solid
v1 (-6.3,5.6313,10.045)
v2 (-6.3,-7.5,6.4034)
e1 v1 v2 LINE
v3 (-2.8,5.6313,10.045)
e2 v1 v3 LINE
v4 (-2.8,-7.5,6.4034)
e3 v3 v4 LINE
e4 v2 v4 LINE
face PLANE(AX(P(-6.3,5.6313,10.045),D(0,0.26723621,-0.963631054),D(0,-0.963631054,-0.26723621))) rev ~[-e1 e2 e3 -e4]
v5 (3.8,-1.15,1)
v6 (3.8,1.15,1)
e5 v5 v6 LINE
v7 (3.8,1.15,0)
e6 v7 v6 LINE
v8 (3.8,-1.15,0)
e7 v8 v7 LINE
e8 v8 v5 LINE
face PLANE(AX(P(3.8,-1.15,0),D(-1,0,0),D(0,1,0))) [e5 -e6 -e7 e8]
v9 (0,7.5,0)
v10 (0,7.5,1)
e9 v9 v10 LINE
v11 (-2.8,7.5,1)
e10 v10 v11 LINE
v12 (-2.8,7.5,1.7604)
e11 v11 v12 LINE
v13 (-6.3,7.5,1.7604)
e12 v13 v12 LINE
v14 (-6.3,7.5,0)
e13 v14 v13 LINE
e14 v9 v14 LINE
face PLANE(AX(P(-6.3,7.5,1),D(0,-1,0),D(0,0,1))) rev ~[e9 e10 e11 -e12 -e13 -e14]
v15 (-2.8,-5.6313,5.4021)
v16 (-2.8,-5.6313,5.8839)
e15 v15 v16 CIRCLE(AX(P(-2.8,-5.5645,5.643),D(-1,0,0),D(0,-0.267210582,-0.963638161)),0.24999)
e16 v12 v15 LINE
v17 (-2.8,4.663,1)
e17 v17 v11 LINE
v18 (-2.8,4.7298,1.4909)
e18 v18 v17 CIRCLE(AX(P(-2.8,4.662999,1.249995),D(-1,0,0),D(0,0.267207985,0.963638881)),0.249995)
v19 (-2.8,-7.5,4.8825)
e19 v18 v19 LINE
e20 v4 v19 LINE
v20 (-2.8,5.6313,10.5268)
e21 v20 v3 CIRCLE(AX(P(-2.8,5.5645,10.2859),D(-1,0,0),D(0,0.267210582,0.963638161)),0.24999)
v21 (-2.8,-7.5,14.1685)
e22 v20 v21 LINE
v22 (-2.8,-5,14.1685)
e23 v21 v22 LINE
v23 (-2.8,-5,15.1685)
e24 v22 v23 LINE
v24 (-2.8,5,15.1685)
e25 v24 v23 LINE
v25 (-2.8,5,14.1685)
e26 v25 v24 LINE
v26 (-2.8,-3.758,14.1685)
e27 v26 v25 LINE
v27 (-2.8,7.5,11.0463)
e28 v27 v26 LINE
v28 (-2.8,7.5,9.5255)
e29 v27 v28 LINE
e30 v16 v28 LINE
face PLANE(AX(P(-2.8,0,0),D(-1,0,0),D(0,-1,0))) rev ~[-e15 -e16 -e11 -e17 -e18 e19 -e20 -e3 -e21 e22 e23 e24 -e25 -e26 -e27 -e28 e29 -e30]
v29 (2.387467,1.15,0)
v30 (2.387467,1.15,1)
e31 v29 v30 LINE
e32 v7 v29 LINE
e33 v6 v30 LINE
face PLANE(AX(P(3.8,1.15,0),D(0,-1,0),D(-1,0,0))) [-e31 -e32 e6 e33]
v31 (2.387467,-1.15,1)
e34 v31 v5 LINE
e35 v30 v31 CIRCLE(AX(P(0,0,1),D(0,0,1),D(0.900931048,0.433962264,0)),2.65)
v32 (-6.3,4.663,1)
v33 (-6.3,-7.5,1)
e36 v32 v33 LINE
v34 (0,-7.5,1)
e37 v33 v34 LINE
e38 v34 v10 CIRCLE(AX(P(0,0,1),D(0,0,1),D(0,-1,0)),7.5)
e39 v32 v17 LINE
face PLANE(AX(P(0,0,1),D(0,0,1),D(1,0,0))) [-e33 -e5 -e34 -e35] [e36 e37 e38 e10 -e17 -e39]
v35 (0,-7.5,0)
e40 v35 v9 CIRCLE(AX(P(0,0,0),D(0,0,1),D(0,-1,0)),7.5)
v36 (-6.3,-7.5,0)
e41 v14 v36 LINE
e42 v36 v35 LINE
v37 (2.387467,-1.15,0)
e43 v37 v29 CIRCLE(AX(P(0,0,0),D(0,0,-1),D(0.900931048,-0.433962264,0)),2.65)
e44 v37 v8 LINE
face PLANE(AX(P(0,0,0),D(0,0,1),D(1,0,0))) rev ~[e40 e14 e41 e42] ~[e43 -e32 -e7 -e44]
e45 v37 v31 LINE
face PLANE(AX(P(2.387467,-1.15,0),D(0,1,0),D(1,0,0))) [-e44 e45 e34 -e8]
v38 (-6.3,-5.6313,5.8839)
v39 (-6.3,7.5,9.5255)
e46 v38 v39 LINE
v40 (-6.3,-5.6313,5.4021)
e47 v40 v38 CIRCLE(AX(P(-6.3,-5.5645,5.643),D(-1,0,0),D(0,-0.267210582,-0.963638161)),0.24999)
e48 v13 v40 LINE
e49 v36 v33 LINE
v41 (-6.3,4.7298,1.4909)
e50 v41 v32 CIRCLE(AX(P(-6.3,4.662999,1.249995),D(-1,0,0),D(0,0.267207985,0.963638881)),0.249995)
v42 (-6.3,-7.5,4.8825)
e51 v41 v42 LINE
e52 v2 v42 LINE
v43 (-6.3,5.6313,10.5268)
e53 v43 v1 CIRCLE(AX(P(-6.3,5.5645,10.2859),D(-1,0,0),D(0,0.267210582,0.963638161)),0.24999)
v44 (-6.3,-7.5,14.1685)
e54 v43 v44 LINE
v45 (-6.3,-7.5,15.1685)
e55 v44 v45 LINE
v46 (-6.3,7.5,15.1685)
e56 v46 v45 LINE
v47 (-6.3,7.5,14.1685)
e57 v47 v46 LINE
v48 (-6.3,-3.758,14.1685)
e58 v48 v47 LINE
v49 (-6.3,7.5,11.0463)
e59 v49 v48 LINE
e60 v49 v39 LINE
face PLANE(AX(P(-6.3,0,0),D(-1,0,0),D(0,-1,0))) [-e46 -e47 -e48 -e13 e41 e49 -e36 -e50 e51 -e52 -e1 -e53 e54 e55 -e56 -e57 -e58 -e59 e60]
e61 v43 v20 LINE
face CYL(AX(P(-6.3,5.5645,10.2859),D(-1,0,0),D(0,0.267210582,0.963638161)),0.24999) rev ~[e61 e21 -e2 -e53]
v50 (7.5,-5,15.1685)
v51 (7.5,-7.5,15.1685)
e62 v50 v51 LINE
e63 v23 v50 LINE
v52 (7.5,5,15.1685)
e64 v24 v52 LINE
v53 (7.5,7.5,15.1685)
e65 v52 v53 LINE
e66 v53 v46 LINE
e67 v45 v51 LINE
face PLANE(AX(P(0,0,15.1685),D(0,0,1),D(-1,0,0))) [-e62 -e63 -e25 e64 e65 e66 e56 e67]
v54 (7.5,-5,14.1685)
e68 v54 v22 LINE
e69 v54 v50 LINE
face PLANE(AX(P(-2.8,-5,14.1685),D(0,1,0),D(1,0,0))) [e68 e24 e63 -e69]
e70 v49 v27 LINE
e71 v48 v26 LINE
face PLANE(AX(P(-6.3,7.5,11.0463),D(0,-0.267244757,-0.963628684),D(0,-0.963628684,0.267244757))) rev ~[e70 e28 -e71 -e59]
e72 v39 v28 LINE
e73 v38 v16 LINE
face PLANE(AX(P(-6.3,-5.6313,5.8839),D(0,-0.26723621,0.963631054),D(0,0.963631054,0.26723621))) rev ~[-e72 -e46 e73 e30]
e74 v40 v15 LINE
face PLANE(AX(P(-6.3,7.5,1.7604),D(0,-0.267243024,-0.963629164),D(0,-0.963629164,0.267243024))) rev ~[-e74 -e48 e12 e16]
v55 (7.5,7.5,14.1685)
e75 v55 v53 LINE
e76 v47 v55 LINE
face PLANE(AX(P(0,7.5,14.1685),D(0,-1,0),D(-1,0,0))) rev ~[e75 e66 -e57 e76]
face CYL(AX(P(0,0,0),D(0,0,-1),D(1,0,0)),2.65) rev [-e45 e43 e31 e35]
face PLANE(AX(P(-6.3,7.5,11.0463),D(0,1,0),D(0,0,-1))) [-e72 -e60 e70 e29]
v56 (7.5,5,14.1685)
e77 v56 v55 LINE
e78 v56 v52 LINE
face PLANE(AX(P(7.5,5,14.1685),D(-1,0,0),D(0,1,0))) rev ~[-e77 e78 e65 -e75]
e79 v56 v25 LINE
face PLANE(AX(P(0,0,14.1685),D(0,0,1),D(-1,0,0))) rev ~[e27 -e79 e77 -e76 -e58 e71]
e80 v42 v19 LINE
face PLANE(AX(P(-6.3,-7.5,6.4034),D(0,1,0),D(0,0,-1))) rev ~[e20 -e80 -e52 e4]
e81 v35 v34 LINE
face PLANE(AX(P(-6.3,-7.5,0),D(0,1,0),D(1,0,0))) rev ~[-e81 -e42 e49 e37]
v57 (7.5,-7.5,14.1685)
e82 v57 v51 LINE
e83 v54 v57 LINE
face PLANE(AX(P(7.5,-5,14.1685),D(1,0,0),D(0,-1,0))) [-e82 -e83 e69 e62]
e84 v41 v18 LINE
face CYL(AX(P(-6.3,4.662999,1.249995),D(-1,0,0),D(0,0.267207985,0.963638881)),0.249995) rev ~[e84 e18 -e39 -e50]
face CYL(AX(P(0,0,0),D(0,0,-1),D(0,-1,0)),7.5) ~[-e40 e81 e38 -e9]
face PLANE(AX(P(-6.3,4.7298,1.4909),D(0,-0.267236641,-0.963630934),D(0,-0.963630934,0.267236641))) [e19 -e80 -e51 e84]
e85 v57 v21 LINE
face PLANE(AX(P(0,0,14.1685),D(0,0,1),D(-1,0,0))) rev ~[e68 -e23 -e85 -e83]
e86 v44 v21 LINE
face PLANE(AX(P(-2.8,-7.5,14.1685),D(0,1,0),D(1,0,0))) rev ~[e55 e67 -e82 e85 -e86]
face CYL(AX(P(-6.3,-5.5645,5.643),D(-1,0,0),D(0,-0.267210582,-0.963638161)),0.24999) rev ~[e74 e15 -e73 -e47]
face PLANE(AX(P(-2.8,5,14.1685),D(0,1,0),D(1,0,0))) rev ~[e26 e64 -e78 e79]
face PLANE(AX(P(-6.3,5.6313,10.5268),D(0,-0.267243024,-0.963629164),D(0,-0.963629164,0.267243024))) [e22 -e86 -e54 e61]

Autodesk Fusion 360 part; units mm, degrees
sketch "スケッチ1" plane through (0, 0, 0) normal (0, 0, 1) x (1, 0, 0)
  circle A0 centre (0, 0) radius 2.65
  line L0 (0, -7.5) -> (0, 7.5)
  line L1 (0, 7.5) -> (-6.3, 7.5)
  line L2 (-6.3, 7.5) -> (-6.3, -7.5)
  line L3 (-6.3, -7.5) -> (0, -7.5)
  line L4 (0, -7.5) -> (0, 7.5)
  arc A1 (0, -7.5) -> (0, 7.5) centre (0, 0) ccw
  line L5 (2.65, 0) -> (-2.65, 0)
  line L6 (3.8, 1.15) -> (1.5, 1.15)
  line L7 (1.5, 1.15) -> (1.5, -1.15)
  line L8 (1.5, -1.15) -> (3.8, -1.15)
  line L9 (3.8, -1.15) -> (3.8, 1.15)
  line L10 (3.8, 1.15) -> (1.5, -1.15) construction
  line L11 (1.5, 1.15) -> (3.8, -1.15) construction
  point P0 (2.65, 0)
  dimension "d1" = 5.3
  dimension "d2" = 15
  dimension "d5" = 6.3
  dimension "d6" = 15
  dimension "d31" = 2.3
  dimension "d32" = 2.3
extrude "押し出し1" add sketch "スケッチ1" along normal blind 1 contours A0 L0 L4 A1 L6 L8 L9 | A0 L0 L1 L2 L3 L4
sketch "スケッチ2" plane through (-6.3, 0, 0) normal (-1, 0, 0) x (0, -1, 0)
  line L0 (-7.5, 0) -> (7.5, 0)
  line L1 (7.5, 0) -> (7.5, 1)
  line L2 (7.5, 1) -> (-7.5, 1)
  line L3 (-7.5, 1) -> (-7.5, 0)
  line L4 (-7.5, 1) -> (-7.5, 16) construction
  line L5 (7.5, 1) -> (7.5, 16) construction
  line L6 (-7.5, 1) -> (-7.5, 1.7604)
  line L7 (-6.5, 1) -> (-7.5, 1)
  line L8 (-7.5, 1) -> (-7.5, 1.7604)
  line L9 (-4.7298, 1.4909) -> (7.5, 4.8825)
  line L10 (-4.663, 1) -> (10.2045, 1) construction
  line L11 (-7.5, 1.7604) -> (5.6313, 5.4021)
  line L12 (5.6313, 5.8839) -> (-7.5, 9.5255)
  line L13 (-5.6313, 10.045) -> (7.5, 6.4034)
  line L14 (7.5, 6.4034) -> (7.5, 4.8825)
  line L15 (-5.6313, 10.5268) -> (7.5, 14.1685)
  line L16 (-7.5, 11.0463) -> (3.758, 14.1685)
  line L17 (-7.5, 11.0463) -> (-7.5, 9.5255)
  line L18 (7.5, 14.1685) -> (3.758, 14.1685)
  arc A0 (-4.7298, 1.4909) -> (-4.663, 1) centre (-4.663, 1.25) ccw
  arc A1 (5.6313, 5.4021) -> (5.6313, 5.8839) centre (5.5645, 5.643) ccw
  arc A2 (-5.6313, 10.5268) -> (-5.6313, 10.045) centre (-5.5645, 10.2859) ccw
  point P0 (6.5, 5.643)
  point P1 (-6.5, 10.2859)
  dimension "d7" = 15
  dimension "d8" = 15
  dimension "d9" = 15.5
  dimension "d15" = 15.5
  dimension "d16" = 1
  dimension "d17" = 1
  dimension "d18" = 15.5
  dimension "d19" = 15.5
  dimension "d20" = 1
  dimension "d21" = 1
  dimension "d22" = 15.5
  dimension "d23" = 15.5
  dimension "d24" = 1
  dimension "d25" = 1
  dimension "d26" = 0.25
  dimension "d27" = 0.25
  dimension "d28" = 0.25
extrude "押し出し2" add sketch "スケッチ2" against normal blind 3.5 contours L2 L6 L7 L8 L9 L11 L12 L13 L14 L15 L16 L17 L18 A0 A1 A2
sketch "スケッチ3" plane through (0, 0, 14.1685) normal (0, 0, 1) x (-1, 0, 0)
  line L0 (6.3, 3.758) -> (6.3, 7.5)
  line L1 (6.3, 7.5) -> (2.8, 7.5)
  line L2 (2.8, 7.5) -> (2.8, 3.758)
  line L3 (2.8, 3.758) -> (6.3, 3.758)
  line L4 (2.8, -4.663) -> (6.3, -4.663)
  line L5 (6.3, -4.663) -> (6.3, 7.5)
  line L6 (6.3, 7.5) -> (0, 7.5)
  arc A0 (0, 7.5) -> (0, -7.5) centre (0, 0) ccw
  line L7 (0, -7.5) -> (2.8, -7.5)
  line L8 (2.8, -7.5) -> (2.8, -4.663)
  line L9 (-3.8, -1.15) -> (-3.8, 1.15)
  line L10 (-3.8, 1.15) -> (-2.3875, 1.15)
  arc A1 (-2.3875, -1.15) -> (-2.3875, 1.15) centre (0, 0) ccw
  line L11 (-2.3875, -1.15) -> (-3.8, -1.15)
  line L12 (6.3, -7.5) -> (6.3, 3.758)
  line L13 (6.3, 3.758) -> (2.8, 3.758)
  line L14 (2.8, 3.758) -> (2.8, -7.5)
  line L15 (2.8, -7.5) -> (6.3, -7.5)
  line L16 (6.3, 5) -> (6.3, -5)
  line L17 (-7.5, 0) -> (-7.5, -7.5)
  line L18 (-7.5, -7.5) -> (6.3, -7.5)
  line L19 (6.3, -4.663) -> (6.3, -7.5)
  line L20 (6.3, -5) -> (-7.5, -5)
  line L21 (-20, 0) -> (-2.5, 0)
  line L22 (6.3, 5) -> (-7.5, 5)
  line L23 (-7.5, 0) -> (-7.5, 7.5)
  line L24 (6.3, 4.663) -> (6.3, 7.5)
  line L25 (-7.5, 7.5) -> (6.3, 7.5)
  point P0 (6.3, 0)
  dimension "d38" = 5
extrude "押し出し3" add sketch "スケッチ3" along normal blind 1 contours L0 L2 L3 L5 L13 L16 L22 L24 | L3 L4 L5 L12 L13 L14 L16 | L4 L8 L12 L14 L16 L19 L20 | L0 L1 L2 L5 L6 L22 L24 L25 | L2 L6 A0 L22 L25 | L8 L12 L14 L15 L18 L19 L20 | A0 L22 L23 L25 | A0 L7 L8 L14 L18 L20 | A0 L17 L18 L20
equation "d5 = d1 + 1 mm"
equation "d6 = d2"
equation "d8 = d7"
equation "d15 = d9"
equation "d17 = d16"
equation "d18 = d9"
equation "d19 = d9"
equation "d20 = d16"
equation "d21 = d16"
equation "d22 = d9"
equation "d23 = d9"
equation "d24 = d16"
equation "d25 = d16"
equation "d31 = d32"
